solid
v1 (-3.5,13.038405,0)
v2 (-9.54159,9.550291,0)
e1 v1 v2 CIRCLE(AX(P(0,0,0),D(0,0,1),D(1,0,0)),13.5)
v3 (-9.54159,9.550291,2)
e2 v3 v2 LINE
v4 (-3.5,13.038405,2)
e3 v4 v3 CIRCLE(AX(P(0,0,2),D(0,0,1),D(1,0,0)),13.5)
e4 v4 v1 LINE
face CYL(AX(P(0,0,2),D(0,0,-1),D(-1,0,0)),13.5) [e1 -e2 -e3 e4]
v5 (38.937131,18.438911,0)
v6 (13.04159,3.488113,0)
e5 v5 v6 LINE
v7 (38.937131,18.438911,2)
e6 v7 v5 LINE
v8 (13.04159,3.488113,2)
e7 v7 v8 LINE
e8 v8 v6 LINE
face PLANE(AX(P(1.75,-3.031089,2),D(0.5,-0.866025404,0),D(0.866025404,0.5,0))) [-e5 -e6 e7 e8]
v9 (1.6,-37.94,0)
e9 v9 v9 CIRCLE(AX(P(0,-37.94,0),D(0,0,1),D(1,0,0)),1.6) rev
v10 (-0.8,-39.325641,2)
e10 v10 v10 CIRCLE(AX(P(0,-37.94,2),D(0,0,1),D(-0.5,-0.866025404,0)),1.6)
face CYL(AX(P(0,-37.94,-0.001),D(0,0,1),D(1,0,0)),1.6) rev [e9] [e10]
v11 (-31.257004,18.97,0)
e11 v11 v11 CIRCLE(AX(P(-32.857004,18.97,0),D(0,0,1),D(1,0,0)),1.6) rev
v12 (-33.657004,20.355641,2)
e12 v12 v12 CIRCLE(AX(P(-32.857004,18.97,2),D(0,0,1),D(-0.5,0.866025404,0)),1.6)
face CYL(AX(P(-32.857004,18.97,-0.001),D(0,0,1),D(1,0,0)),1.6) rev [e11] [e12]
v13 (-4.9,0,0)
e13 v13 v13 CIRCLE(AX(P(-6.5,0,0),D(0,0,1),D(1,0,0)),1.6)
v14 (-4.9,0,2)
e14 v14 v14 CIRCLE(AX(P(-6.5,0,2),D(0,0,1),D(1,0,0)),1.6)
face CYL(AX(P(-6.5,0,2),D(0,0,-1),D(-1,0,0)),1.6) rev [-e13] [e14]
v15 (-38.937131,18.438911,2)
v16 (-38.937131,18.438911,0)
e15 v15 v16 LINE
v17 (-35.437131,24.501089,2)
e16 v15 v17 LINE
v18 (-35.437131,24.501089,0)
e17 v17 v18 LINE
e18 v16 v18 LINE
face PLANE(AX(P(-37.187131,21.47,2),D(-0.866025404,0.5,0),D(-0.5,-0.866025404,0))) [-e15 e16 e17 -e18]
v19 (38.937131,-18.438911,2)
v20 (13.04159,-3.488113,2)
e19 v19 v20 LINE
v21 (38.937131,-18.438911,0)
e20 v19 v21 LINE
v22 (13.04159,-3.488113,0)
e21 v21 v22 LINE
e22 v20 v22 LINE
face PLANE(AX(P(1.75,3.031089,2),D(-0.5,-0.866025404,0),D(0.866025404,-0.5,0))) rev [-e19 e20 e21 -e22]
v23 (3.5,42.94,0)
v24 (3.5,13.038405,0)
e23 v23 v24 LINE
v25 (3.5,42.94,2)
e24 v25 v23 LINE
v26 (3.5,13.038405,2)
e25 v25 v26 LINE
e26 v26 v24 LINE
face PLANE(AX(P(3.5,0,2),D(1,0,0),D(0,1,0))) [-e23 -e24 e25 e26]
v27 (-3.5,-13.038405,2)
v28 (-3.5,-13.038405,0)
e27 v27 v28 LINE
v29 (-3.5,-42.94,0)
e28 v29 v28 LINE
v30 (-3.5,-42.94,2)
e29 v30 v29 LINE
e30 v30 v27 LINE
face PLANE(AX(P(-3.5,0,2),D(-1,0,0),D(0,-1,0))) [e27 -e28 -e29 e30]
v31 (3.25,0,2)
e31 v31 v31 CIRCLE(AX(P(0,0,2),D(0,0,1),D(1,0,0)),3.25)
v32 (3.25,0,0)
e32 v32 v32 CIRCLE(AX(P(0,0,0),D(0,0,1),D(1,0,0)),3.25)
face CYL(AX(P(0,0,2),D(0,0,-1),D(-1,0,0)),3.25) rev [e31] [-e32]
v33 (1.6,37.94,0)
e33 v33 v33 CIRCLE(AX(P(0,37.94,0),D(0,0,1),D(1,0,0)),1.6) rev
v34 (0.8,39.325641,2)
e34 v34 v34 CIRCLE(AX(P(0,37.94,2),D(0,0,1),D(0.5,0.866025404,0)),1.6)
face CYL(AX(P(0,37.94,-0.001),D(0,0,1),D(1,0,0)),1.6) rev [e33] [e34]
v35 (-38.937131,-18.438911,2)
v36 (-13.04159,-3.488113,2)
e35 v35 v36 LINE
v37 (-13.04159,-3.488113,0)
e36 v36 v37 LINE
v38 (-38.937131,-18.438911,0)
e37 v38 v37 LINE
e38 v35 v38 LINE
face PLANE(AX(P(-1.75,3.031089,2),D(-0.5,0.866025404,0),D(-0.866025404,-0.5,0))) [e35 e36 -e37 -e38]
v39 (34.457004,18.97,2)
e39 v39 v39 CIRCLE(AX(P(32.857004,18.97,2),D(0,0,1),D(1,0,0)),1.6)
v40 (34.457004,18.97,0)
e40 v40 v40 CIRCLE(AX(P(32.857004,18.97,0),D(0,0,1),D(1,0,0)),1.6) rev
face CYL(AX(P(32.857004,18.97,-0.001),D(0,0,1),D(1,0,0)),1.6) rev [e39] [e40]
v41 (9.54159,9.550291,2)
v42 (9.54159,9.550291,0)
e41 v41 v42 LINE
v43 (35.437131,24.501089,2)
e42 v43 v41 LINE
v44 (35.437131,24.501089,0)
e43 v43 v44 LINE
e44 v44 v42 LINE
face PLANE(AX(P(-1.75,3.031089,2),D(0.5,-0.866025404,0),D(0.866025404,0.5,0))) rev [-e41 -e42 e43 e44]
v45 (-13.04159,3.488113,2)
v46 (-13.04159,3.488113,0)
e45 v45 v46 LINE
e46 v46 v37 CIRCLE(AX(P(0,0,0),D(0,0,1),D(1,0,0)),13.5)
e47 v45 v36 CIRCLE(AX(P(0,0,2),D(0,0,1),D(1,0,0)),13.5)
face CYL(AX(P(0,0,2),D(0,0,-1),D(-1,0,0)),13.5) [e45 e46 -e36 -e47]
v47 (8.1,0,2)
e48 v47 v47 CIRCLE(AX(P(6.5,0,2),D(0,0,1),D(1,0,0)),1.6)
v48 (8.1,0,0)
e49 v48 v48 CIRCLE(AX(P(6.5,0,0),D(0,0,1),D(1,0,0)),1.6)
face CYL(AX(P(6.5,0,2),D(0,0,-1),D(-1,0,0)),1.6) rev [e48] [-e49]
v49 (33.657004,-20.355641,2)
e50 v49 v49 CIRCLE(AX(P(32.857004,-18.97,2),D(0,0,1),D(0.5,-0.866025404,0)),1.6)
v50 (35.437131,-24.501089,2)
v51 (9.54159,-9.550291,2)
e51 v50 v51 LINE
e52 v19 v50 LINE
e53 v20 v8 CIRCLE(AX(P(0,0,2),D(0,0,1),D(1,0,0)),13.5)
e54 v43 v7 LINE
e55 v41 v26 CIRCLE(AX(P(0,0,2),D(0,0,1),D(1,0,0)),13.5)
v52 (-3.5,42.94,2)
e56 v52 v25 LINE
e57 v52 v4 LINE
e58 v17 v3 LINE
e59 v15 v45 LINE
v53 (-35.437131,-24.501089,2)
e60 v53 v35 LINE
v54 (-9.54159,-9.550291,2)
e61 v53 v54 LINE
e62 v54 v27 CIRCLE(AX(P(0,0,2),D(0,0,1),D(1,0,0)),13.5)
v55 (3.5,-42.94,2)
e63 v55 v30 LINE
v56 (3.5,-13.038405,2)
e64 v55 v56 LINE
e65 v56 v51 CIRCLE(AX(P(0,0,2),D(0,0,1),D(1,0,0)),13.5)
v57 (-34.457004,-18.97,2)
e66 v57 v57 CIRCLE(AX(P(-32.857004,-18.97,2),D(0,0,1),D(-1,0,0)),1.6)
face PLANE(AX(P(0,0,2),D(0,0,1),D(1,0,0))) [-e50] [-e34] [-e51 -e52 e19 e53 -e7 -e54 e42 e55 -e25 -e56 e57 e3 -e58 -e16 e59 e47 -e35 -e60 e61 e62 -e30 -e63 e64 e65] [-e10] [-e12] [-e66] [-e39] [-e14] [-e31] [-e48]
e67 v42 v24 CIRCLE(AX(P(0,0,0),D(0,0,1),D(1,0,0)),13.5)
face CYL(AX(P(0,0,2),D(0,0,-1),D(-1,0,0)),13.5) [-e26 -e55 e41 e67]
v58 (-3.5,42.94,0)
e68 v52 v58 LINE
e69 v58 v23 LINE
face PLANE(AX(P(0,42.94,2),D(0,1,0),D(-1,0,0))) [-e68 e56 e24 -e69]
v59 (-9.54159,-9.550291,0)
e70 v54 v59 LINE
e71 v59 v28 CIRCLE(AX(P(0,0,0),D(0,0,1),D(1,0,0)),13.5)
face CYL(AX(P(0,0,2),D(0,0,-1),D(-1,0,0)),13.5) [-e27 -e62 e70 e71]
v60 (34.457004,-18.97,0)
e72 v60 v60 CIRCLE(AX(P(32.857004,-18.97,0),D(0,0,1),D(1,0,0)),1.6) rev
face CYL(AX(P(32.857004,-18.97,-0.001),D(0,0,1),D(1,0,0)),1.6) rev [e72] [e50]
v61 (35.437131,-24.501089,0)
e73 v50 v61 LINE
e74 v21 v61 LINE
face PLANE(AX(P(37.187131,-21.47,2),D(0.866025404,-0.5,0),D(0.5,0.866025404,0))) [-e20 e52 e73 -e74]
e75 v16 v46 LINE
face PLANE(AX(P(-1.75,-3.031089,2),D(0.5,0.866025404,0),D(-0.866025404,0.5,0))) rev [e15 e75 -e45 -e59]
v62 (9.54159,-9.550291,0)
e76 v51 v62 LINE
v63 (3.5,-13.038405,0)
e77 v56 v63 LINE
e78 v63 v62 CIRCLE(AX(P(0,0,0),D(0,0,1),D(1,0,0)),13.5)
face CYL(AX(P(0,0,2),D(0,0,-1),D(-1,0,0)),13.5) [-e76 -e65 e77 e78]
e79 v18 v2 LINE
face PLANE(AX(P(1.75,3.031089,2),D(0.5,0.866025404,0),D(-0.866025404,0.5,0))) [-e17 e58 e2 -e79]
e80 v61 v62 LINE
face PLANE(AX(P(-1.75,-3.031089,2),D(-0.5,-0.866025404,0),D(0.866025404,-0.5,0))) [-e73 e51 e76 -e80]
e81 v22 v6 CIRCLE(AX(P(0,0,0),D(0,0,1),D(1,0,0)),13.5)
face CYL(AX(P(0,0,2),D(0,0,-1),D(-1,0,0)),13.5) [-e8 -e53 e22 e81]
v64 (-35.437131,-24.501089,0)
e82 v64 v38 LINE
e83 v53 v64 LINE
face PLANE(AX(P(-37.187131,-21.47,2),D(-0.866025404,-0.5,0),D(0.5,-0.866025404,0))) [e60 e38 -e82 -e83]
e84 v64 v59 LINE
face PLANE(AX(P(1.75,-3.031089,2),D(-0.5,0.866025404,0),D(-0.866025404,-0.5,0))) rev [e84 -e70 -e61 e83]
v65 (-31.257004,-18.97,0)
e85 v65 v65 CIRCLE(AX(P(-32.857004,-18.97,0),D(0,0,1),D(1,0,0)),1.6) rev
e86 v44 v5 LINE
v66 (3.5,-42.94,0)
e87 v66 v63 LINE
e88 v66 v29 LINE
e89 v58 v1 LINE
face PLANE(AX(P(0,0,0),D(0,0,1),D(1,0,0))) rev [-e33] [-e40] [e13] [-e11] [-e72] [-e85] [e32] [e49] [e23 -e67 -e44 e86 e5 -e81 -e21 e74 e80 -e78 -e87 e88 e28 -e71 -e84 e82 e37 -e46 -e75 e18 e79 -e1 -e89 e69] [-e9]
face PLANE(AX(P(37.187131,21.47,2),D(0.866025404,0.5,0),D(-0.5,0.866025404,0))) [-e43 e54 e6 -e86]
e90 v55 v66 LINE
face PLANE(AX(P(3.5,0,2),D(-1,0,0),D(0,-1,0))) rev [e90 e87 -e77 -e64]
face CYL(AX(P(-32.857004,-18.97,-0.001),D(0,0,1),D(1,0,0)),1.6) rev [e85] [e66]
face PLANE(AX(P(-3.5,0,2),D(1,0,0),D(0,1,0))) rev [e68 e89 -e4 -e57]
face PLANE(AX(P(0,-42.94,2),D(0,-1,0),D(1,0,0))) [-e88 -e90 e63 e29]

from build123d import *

# Parameters (mm, degrees)
SKETCH_1_R               = 13.5
SKETCH_1_R_2             = 3.25
SKETCH_1_R_3             = 1.6
EXTRUDE_3_DEPTH          = 2
EXTRUDE_4_DEPTH          = 2
PATTERN_CIRCULAR_1_COUNT = 6
CUT_EXTRUDE_1_REACH      = 60
SKETCH_2_R               = 1.6
PATTERN_CIRCULAR_2_COUNT = 6


with BuildPart() as part:
    # ｽｹｯﾁ1 → ﾎﾞｽ - 押し出し3 (new body)
    with BuildSketch(Plane.XY):
        Circle(SKETCH_1_R)
        Circle(SKETCH_1_R_2, mode=Mode.SUBTRACT)
        with Locations((6.5, 0)):
            Circle(SKETCH_1_R_3, mode=Mode.SUBTRACT)
        with Locations((-6.5, 0)):
            Circle(SKETCH_1_R_3, mode=Mode.SUBTRACT)
    extrude(amount=EXTRUDE_3_DEPTH)

    # ｽｹｯﾁ1<7> → ﾎﾞｽ - 押し出し4 (add)
    with BuildSketch(Plane.XY):
        with BuildLine():
            ThreePointArc((9.541589791, 9.550291318), (11.691342951, 6.75), (13.041589791, 3.488113492))
            Line((13.041589791, 3.488113492), (38.937130839, 18.438911087))
            Line((38.937130839, 18.438911087), (35.437130839, 24.501088913))
            Line((35.437130839, 24.501088913), (9.541589791, 9.550291318))
        make_face()
    extrude_4 = extrude(amount=EXTRUDE_4_DEPTH)

    # 円形ﾊﾟﾀｰﾝ1: ﾎﾞｽ - 押し出し4 ×6 about axis
    pattern_circular_1_axis = Axis((0, 0, 2), (0, 0, 1))
    for i in range(1, PATTERN_CIRCULAR_1_COUNT):
        add(extrude_4.rotate(pattern_circular_1_axis, i * 360 / PATTERN_CIRCULAR_1_COUNT))

    # ｽｹｯﾁ2 → ｶｯﾄ - 押し出し1 (cut, up to next)
    with BuildSketch(Plane.XY.offset(2), mode=Mode.PRIVATE) as cut_extrude_1_sk1:
        with Locations((32.85700382, 18.97)):
            Circle(SKETCH_2_R)
    cut_extrude_1_tool1 = extrude(cut_extrude_1_sk1.sketch, amount=-CUT_EXTRUDE_1_REACH, mode=Mode.PRIVATE) & part.part
    cut_extrude_1 = cut_extrude_1_tool1.solids().sort_by_distance((32.857004, 18.97, 2))[0]
    add(cut_extrude_1, mode=Mode.SUBTRACT)

    # 円形ﾊﾟﾀｰﾝ2: ｶｯﾄ - 押し出し1 ×6 about axis
    pattern_circular_2_axis = Axis((0, 0, 2), (0, 0, 1))
    for i in range(1, PATTERN_CIRCULAR_2_COUNT):
        add(cut_extrude_1.rotate(pattern_circular_2_axis, i * 360 / PATTERN_CIRCULAR_2_COUNT), mode=Mode.SUBTRACT)


solid = part.part
